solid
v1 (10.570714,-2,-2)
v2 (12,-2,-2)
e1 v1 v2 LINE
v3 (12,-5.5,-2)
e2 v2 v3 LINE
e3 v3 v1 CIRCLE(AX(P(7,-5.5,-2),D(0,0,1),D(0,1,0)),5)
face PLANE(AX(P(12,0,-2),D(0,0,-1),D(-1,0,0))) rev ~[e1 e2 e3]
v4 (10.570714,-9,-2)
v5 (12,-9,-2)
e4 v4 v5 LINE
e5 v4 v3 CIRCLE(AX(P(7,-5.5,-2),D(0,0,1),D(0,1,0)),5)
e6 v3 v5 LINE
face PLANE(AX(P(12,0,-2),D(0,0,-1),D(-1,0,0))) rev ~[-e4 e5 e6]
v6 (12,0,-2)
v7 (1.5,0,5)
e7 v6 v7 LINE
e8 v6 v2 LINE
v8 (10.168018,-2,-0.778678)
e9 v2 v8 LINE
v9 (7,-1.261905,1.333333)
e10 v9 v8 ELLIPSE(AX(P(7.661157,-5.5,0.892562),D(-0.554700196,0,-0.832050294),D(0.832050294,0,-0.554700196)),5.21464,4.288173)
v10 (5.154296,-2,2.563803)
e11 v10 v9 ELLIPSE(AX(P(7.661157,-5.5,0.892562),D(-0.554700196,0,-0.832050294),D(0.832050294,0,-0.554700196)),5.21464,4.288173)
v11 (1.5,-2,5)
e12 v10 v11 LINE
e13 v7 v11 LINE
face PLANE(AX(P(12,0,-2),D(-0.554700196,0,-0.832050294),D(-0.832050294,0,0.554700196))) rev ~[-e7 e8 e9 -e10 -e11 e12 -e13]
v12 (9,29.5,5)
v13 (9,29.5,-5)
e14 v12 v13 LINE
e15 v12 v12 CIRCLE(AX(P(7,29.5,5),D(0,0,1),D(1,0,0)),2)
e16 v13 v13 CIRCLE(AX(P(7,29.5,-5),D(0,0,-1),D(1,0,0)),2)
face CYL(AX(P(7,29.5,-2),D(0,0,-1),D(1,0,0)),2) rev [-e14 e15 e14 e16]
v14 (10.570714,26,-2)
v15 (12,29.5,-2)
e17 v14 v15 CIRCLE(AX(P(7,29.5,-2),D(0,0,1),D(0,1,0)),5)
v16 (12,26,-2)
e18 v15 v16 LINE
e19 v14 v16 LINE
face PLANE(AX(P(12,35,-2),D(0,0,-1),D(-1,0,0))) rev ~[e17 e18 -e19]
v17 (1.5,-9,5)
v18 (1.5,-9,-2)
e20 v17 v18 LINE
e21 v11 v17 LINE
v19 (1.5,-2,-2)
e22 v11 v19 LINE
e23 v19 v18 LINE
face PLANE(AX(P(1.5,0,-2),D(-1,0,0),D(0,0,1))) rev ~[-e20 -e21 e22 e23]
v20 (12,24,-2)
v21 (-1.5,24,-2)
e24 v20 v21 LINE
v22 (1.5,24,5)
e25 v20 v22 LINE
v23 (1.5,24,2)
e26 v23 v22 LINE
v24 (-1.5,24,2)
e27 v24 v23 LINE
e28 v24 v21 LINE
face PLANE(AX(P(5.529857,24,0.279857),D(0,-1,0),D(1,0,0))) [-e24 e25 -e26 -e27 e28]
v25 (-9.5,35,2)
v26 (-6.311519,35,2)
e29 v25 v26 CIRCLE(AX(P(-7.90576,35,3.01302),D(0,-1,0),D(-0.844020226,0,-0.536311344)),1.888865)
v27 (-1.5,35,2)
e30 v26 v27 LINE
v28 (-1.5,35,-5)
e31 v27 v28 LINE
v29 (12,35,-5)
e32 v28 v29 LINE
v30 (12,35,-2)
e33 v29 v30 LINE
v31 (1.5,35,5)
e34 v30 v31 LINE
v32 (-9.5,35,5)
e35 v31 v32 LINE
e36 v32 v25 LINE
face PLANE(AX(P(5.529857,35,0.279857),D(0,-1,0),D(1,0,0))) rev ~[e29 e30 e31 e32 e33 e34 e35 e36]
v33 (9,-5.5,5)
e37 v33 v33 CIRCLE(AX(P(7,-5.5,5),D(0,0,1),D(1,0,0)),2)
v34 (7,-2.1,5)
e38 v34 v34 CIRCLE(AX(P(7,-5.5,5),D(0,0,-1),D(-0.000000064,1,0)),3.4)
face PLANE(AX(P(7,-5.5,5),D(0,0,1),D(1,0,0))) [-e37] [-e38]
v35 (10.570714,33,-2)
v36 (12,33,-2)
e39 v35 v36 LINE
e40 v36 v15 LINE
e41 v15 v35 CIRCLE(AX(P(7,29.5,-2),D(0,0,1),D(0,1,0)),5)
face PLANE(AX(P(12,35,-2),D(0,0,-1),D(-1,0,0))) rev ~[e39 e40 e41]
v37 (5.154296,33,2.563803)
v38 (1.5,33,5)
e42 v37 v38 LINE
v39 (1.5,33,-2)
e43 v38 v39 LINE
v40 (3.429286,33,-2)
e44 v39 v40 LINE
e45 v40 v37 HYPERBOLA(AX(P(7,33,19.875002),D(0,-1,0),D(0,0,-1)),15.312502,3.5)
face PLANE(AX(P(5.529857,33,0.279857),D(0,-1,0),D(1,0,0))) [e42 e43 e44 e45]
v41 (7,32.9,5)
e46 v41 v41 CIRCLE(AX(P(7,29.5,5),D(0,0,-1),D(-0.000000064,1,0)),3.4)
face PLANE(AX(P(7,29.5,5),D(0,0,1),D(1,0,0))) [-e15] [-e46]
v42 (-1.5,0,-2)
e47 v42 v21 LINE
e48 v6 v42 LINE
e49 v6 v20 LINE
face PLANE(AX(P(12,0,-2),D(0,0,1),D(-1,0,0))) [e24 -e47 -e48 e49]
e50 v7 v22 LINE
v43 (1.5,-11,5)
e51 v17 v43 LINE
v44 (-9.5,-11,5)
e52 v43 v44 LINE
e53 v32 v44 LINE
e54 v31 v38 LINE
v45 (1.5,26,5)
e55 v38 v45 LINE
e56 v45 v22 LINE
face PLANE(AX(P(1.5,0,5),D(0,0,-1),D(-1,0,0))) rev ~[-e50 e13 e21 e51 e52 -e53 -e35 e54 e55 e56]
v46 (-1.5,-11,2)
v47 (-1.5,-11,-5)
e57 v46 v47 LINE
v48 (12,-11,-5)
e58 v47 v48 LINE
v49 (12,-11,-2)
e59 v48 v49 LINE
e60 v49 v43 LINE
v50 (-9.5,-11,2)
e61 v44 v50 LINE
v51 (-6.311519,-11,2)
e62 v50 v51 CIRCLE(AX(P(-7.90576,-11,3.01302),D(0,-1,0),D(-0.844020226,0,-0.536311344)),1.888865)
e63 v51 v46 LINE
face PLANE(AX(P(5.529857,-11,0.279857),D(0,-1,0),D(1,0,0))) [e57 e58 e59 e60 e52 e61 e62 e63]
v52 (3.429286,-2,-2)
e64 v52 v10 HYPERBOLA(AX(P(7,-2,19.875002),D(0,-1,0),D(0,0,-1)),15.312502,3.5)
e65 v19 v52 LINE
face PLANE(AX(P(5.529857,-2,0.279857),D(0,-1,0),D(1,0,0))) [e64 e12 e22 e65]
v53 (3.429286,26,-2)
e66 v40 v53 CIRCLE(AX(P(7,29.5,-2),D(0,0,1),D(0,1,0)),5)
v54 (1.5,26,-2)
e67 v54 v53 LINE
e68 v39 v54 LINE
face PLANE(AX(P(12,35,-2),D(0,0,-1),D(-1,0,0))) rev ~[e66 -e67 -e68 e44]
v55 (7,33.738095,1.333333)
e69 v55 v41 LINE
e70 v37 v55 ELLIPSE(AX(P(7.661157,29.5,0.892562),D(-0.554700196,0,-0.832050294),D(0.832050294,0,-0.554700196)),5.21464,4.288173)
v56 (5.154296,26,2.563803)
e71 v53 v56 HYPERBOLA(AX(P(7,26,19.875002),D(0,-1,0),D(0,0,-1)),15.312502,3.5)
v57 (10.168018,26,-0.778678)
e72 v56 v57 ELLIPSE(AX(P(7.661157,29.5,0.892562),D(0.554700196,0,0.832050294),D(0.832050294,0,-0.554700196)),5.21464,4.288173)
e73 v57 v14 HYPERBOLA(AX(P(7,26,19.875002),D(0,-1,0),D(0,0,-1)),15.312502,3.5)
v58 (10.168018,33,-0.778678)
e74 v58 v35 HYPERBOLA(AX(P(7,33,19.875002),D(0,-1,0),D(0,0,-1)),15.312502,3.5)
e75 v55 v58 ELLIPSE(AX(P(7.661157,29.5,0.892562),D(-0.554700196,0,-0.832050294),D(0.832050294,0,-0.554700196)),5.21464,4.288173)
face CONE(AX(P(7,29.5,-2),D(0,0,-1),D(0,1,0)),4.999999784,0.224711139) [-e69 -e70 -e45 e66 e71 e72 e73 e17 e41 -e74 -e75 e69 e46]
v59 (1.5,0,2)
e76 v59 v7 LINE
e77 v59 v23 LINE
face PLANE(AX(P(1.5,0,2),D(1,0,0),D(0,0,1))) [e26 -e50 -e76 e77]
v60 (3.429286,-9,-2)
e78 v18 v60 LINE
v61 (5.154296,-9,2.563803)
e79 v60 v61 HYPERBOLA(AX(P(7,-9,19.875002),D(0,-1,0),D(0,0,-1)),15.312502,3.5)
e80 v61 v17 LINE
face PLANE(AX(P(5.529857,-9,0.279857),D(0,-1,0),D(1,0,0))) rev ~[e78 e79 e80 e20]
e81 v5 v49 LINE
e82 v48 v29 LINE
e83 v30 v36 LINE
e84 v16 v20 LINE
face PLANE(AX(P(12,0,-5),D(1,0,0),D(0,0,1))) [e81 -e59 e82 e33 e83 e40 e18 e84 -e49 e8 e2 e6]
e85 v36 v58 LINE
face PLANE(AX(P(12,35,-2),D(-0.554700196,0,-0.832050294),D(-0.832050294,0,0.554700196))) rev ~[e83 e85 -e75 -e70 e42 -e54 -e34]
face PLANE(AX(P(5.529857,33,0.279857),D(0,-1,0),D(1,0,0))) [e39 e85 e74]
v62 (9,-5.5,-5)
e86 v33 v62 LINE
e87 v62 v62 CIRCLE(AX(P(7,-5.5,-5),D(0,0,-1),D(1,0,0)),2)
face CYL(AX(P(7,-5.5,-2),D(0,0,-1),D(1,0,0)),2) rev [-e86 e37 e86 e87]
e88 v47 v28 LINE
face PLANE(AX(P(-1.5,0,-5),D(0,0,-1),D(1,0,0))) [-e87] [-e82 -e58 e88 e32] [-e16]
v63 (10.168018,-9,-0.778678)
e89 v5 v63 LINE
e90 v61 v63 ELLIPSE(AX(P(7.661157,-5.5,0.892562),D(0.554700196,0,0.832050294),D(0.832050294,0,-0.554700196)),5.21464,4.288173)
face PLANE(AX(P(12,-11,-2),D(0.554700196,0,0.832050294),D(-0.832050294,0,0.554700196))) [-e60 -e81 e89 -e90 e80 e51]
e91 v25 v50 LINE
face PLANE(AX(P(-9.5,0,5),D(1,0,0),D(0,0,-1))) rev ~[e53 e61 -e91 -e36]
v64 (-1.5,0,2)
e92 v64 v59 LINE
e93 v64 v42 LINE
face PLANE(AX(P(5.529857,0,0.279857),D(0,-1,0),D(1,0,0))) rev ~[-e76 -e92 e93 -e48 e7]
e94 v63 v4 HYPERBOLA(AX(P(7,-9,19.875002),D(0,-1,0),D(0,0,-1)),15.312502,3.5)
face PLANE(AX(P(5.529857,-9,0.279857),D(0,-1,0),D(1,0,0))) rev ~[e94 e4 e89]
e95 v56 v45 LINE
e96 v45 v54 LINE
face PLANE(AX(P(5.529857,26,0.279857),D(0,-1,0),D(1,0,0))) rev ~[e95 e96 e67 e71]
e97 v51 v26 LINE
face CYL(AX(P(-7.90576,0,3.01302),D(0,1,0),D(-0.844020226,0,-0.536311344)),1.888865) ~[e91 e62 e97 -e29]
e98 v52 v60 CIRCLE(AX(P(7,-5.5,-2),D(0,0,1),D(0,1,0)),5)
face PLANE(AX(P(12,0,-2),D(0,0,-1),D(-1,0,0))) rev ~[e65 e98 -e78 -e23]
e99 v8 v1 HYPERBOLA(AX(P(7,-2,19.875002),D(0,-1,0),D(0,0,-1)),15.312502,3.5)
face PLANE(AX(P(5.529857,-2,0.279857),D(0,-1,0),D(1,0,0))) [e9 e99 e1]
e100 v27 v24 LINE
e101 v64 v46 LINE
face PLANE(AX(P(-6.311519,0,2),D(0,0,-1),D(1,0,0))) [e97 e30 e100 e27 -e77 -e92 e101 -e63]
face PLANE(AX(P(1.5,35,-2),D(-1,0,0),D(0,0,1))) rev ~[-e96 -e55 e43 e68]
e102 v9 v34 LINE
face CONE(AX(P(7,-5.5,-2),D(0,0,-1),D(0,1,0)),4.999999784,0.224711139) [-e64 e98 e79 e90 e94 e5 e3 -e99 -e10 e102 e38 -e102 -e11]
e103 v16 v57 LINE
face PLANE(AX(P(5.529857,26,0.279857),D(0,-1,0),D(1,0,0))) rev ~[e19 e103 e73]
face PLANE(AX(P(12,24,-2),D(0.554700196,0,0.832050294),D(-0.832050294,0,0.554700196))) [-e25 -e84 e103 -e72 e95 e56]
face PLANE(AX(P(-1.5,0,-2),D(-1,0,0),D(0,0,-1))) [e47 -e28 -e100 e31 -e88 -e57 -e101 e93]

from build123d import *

# Parameters (mm, degrees)
F0_W      = 3
F0_H      = 4
F1_DEPTH  = 11
F2_DEPTH  = 2
F4_DEPTH  = 2
F5_R      = 2
F6_DEPTH  = 25
F7_R      = 3.4
F7_R_2    = 2
F8_DEPTH  = 7
F13_DEPTH = 24


with BuildPart() as f1:
    # F0 (on Front) → F1 (new body)
    with BuildSketch(Plane.XZ):
        Polygon((12, -5), (12, -2), (1.5, -2), (-1.5, -2), (-1.5, -4), (-1.5, -5), (1.5, -5), align=None)
        with BuildLine():
            Line((1.5, 4), (1.5, 5))
            Line((1.5, 5), (-9.5, 5))
            Line((-9.5, 5), (-9.5, 2))
            ThreePointArc((-9.5, 2), (-7.9057595357, 1.1241546177), (-6.3115190715, 2))
            Line((-6.3115190715, 2), (-1.5, 2))
            Line((-1.5, 2), (1.5, 2))
            Line((1.5, 2), (1.5, 4))
        make_face()
        Rectangle(F0_W, F0_H)
    extrude(amount=F1_DEPTH)

    # F0 (on Front) → F2 (join)
    with BuildSketch(Plane.XZ):
        Polygon((12, -2), (1.5, 5), (1.5, 4), (1.5, 2), (1.5, -2), align=None)
    extrude(amount=F2_DEPTH)

    # F3 (on face) → F4 (join)
    with BuildSketch(Plane.XZ.offset(11)):
        Polygon((1.5, -2), (12, -2), (1.5, 5), align=None)
    extrude(amount=-F4_DEPTH)

    # F5 (on face) → F6 (cut)
    with BuildSketch(Plane(origin=(0, 0, -5), x_dir=(1, 0, 0), z_dir=(0, 0, -1))):
        with Locations((7.0000002161, 5.5)):
            Circle(F5_R)
    extrude(amount=-F6_DEPTH, mode=Mode.SUBTRACT)

    # F7 (on face) → F8 (join)
    with BuildSketch(Plane.XY.offset(-2)):
        with Locations((7.0000002161, -5.5)):
            Circle(F7_R)
        with Locations((7.0000002161, -5.5)):
            Circle(F7_R_2, mode=Mode.SUBTRACT)
    extrude(amount=F8_DEPTH)

    # F10 (on offset) → F11 (revolve)
    with BuildSketch(Plane.YZ.offset(7)):
        Polygon((-2.1, 5), (-2.1, -2), (-2, -2), (-0.5000002161, -2), align=None)
    revolve(axis=Axis((7, -5.5, 1.7165149804), (0, 0, 1)))


with BuildPart() as f12_1:
    # F12: copy of F1
    add(f1.part.moved(Location((0, 35, 0))))


with BuildPart() as f1_1:
    add(f1.part)

    add(f12_1.part)  # F13 merges F12_1
    # F0 (on Front) → F13 (join)
    with BuildSketch(Plane.XZ):
        Polygon((12, -5), (12, -2), (1.5, -2), (-1.5, -2), (-1.5, -4), (-1.5, -5), (1.5, -5), align=None)
        with BuildLine():
            Line((1.5, 4), (1.5, 5))
            Line((1.5, 5), (-9.5, 5))
            Line((-9.5, 5), (-9.5, 2))
            ThreePointArc((-9.5, 2), (-7.9057595357, 1.1241546177), (-6.3115190715, 2))
            Line((-6.3115190715, 2), (-1.5, 2))
            Line((-1.5, 2), (1.5, 2))
            Line((1.5, 2), (1.5, 4))
        make_face()
    extrude(amount=-F13_DEPTH)


solid = f1_1.part
